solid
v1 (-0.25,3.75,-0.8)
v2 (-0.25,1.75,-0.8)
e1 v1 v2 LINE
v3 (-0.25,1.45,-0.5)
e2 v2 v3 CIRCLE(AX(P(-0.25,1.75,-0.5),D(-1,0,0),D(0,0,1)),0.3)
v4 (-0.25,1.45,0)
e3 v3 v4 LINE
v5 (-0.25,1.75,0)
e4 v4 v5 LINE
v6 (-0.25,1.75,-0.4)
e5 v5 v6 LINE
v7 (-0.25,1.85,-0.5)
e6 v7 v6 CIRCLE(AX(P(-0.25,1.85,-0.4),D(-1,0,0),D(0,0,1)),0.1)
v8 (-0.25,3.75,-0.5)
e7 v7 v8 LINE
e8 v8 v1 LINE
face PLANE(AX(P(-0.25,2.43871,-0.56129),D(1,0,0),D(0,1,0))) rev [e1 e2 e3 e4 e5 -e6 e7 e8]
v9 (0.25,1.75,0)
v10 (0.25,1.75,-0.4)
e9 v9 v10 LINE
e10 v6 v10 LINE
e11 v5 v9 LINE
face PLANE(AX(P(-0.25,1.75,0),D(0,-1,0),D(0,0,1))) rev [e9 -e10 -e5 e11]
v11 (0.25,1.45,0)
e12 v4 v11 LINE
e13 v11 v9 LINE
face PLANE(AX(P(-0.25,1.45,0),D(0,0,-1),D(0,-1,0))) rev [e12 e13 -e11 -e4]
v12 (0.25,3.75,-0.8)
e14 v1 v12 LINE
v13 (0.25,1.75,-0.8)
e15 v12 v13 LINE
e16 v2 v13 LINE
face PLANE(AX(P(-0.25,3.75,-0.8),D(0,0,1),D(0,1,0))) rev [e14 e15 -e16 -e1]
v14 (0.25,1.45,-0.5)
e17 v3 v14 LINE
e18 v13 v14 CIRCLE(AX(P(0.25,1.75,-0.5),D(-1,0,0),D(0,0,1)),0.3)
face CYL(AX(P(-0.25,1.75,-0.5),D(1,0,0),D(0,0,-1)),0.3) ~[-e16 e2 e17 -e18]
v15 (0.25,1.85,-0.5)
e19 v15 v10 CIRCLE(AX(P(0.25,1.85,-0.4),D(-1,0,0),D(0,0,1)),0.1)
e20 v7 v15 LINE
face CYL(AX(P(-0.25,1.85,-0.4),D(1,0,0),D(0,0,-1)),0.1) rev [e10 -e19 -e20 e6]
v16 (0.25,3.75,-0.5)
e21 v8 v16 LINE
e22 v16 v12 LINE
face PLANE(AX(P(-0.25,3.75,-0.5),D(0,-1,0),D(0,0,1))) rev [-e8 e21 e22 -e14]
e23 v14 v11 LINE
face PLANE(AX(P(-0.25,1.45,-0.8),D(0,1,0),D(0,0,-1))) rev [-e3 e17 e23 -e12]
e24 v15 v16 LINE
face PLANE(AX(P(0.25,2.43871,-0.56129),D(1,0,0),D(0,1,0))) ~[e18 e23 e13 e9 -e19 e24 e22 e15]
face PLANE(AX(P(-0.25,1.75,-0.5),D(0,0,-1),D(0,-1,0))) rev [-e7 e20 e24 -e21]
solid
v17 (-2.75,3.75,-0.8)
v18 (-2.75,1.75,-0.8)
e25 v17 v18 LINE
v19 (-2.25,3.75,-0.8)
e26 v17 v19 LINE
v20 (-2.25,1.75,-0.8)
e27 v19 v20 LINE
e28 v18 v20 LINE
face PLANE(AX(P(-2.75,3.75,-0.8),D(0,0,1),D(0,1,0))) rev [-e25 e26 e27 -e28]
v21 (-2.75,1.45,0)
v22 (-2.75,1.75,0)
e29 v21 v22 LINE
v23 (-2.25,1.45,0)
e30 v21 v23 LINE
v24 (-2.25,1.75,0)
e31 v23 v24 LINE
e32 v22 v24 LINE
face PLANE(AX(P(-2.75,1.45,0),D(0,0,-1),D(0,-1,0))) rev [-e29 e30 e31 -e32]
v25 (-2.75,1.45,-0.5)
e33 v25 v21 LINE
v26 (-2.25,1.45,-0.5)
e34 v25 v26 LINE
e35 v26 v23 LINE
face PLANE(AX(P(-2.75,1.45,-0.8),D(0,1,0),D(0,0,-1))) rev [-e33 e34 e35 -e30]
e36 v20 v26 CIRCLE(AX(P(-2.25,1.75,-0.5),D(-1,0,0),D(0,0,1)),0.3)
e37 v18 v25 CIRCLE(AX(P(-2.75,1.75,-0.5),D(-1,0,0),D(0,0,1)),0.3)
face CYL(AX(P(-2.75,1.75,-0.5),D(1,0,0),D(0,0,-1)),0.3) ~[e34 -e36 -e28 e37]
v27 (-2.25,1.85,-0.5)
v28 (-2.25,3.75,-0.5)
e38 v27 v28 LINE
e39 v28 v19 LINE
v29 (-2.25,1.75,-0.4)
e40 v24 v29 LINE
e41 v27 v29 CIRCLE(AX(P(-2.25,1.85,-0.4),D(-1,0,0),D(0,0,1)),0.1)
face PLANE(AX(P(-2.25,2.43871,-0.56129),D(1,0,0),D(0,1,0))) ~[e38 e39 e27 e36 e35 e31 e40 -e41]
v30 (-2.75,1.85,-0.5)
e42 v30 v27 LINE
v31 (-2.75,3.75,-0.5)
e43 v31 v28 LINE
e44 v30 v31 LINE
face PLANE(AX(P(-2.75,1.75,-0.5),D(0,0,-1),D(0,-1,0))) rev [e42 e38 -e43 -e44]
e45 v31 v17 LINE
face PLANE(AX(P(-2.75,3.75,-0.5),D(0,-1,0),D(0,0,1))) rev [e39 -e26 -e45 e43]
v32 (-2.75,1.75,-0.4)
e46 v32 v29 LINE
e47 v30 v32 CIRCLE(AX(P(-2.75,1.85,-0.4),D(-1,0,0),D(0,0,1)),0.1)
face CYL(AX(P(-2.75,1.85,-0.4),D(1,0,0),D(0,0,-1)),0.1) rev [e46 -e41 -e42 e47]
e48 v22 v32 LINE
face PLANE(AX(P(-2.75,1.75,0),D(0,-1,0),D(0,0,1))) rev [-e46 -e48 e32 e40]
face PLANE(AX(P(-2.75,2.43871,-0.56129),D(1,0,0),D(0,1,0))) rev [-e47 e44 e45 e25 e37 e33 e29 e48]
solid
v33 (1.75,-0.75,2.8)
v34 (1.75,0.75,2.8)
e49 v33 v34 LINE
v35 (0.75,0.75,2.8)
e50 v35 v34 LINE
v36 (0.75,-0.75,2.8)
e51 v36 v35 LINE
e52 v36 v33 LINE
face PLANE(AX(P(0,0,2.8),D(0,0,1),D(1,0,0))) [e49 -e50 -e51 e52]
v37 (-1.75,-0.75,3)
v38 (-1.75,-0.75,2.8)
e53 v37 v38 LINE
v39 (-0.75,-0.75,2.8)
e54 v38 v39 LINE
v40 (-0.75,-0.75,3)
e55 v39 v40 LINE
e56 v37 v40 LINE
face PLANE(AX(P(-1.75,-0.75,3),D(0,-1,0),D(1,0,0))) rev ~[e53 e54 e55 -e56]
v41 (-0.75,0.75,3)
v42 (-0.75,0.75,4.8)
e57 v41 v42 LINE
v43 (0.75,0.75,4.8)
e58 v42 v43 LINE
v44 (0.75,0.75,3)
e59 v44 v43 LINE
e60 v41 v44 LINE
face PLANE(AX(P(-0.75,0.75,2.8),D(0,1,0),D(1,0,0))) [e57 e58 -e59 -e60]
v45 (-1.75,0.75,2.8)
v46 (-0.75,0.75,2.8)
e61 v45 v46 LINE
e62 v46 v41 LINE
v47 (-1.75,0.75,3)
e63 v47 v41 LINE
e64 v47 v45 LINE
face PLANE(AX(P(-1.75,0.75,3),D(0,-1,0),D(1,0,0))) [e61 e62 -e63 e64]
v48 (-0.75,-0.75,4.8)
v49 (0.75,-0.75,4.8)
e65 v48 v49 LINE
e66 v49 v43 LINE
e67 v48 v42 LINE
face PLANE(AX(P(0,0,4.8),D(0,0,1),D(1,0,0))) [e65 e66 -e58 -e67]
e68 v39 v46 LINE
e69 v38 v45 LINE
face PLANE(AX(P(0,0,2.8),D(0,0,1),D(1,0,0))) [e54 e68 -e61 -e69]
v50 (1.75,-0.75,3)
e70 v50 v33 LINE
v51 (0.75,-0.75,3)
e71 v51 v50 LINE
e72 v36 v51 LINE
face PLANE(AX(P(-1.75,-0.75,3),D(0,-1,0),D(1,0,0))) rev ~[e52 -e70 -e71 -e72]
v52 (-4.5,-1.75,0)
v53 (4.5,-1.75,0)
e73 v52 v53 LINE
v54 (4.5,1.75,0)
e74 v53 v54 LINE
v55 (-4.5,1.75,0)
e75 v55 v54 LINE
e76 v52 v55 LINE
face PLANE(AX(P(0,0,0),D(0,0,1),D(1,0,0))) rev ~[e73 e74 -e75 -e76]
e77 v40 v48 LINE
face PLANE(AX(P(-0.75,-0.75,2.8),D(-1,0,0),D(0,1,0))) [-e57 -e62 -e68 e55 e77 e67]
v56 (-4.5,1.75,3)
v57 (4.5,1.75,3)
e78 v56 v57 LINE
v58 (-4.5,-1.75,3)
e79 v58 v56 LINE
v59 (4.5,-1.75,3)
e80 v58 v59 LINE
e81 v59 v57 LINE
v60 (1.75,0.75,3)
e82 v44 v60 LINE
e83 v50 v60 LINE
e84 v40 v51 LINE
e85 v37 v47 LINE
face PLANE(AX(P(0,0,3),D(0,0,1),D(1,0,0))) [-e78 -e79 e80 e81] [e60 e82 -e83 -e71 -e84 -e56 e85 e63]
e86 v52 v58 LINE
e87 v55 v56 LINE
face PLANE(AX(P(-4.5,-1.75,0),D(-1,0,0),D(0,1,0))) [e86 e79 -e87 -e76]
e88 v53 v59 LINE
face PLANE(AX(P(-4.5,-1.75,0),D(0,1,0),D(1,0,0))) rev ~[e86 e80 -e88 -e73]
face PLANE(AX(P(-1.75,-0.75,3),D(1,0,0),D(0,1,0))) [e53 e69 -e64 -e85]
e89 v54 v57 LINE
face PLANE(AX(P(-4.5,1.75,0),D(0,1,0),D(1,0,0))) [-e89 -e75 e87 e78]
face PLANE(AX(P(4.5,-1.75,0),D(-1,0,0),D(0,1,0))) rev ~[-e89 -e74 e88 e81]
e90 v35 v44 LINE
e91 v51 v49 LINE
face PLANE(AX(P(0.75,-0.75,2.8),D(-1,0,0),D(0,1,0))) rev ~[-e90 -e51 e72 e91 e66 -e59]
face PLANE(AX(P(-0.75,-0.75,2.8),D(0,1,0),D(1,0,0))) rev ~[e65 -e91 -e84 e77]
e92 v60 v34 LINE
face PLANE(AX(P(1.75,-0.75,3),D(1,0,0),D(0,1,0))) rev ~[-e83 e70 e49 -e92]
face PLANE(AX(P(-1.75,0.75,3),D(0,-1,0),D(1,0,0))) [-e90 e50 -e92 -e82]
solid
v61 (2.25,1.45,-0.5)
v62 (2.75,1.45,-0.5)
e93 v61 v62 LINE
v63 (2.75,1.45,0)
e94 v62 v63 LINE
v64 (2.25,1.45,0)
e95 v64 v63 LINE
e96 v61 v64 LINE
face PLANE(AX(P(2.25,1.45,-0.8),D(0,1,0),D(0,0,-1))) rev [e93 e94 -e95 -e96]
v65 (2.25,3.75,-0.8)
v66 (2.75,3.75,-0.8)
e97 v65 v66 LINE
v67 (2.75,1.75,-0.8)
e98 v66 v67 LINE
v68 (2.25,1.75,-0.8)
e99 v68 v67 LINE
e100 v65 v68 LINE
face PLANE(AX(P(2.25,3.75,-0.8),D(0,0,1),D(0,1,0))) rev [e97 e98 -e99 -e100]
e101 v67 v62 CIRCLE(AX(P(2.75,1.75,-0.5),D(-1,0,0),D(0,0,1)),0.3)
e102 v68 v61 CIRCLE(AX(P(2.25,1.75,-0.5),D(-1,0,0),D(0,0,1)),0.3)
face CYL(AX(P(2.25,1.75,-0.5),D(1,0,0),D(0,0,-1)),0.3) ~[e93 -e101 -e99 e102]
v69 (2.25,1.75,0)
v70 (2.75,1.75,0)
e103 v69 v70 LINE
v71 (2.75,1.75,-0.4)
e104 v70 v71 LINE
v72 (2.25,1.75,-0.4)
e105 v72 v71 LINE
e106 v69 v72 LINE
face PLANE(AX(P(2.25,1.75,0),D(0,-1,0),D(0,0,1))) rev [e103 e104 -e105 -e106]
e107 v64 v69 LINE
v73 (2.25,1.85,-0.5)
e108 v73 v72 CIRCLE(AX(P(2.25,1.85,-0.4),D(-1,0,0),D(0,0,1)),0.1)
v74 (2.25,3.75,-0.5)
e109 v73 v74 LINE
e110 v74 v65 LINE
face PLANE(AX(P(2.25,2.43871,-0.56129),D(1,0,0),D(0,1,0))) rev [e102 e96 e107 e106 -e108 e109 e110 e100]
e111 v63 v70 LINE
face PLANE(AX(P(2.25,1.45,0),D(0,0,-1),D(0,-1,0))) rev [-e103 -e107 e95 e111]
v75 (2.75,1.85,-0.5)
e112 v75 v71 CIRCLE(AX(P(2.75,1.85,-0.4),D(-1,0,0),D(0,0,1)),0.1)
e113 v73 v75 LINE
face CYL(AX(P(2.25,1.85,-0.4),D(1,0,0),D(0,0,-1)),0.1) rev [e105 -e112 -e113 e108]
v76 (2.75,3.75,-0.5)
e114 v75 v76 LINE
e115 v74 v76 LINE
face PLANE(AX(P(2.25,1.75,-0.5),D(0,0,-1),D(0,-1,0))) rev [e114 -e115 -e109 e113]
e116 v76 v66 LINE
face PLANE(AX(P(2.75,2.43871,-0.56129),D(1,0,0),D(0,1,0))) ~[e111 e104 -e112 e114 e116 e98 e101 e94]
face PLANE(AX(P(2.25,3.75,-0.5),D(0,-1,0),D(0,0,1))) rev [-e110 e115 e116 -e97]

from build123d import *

# Parameters (mm, degrees)
PAD_DEPTH     = 0.5
FILLET_R      = 0.3
FILLET001_R   = 0.1
ARRAY_X_COUNT = 3
ARRAY_X_PITCH = 2.5
SKETCH_W      = 9
SKETCH_H      = 3.5
PAD001_DEPTH  = 3
SKETCH002_W   = 3.5
SKETCH002_H   = 1.5
POCKET_DEPTH  = 0.2
SKETCH003_W   = 1.5
SKETCH003_H   = 1.5
PAD002_DEPTH  = 2


with BuildPart() as array:
    # Sketch001 → Pad (new body)
    with BuildSketch(Plane.YZ):
        Polygon((-1.75, 0), (-1.75, -0.5), (-3.75, -0.5), (-3.75, -0.8), (-1.45, -0.8), (-1.45, 0), align=None)
    extrude(amount=PAD_DEPTH)

    # Fillet
    fillet_edges = [array.edges().sort_by_distance(p)[0] for p in [
        (0.25, -1.45, -0.8),
    ]]
    fillet(fillet_edges, radius=FILLET_R)

    # Fillet001
    fillet001_edges = [array.edges().sort_by_distance(p)[0] for p in [
        (0.25, -1.75, -0.5),
    ]]
    fillet(fillet001_edges, radius=FILLET001_R)

    # Array X: Array ×3


with BuildPart() as array_1:
    add(array.part)
    with Locations(*[(i * ARRAY_X_PITCH, 0, 0) for i in range(1, ARRAY_X_COUNT)]):
        add(array.part)


with BuildPart() as array_2:
    # Array placement: moved
    add(array_1.part.moved(Location((-2.75, 0, 0))))


with BuildPart() as part_mirroring:
    # Part__Mirroring: instance of Array
    add(array_2.part.mirror(Plane(origin=(0, 0, 0), x_dir=(1, 0, 0), z_dir=(0, 1, 0))))


with BuildPart() as pad002:
    # Sketch → Pad001 (new body)
    with BuildSketch(Plane.XY):
        Rectangle(SKETCH_W, SKETCH_H)
    extrude(amount=PAD001_DEPTH)

    # Sketch002 → Pocket (cut)
    with BuildSketch(Plane.XY.offset(3)):
        Rectangle(SKETCH002_W, SKETCH002_H)
    extrude(amount=-POCKET_DEPTH, mode=Mode.SUBTRACT)

    # Sketch003 → Pad002 (new body)
    with BuildSketch(Plane.XY.offset(2.8)):
        Rectangle(SKETCH003_W, SKETCH003_H)
    extrude(amount=PAD002_DEPTH)


solid = Compound([part_mirroring.part, pad002.part])
